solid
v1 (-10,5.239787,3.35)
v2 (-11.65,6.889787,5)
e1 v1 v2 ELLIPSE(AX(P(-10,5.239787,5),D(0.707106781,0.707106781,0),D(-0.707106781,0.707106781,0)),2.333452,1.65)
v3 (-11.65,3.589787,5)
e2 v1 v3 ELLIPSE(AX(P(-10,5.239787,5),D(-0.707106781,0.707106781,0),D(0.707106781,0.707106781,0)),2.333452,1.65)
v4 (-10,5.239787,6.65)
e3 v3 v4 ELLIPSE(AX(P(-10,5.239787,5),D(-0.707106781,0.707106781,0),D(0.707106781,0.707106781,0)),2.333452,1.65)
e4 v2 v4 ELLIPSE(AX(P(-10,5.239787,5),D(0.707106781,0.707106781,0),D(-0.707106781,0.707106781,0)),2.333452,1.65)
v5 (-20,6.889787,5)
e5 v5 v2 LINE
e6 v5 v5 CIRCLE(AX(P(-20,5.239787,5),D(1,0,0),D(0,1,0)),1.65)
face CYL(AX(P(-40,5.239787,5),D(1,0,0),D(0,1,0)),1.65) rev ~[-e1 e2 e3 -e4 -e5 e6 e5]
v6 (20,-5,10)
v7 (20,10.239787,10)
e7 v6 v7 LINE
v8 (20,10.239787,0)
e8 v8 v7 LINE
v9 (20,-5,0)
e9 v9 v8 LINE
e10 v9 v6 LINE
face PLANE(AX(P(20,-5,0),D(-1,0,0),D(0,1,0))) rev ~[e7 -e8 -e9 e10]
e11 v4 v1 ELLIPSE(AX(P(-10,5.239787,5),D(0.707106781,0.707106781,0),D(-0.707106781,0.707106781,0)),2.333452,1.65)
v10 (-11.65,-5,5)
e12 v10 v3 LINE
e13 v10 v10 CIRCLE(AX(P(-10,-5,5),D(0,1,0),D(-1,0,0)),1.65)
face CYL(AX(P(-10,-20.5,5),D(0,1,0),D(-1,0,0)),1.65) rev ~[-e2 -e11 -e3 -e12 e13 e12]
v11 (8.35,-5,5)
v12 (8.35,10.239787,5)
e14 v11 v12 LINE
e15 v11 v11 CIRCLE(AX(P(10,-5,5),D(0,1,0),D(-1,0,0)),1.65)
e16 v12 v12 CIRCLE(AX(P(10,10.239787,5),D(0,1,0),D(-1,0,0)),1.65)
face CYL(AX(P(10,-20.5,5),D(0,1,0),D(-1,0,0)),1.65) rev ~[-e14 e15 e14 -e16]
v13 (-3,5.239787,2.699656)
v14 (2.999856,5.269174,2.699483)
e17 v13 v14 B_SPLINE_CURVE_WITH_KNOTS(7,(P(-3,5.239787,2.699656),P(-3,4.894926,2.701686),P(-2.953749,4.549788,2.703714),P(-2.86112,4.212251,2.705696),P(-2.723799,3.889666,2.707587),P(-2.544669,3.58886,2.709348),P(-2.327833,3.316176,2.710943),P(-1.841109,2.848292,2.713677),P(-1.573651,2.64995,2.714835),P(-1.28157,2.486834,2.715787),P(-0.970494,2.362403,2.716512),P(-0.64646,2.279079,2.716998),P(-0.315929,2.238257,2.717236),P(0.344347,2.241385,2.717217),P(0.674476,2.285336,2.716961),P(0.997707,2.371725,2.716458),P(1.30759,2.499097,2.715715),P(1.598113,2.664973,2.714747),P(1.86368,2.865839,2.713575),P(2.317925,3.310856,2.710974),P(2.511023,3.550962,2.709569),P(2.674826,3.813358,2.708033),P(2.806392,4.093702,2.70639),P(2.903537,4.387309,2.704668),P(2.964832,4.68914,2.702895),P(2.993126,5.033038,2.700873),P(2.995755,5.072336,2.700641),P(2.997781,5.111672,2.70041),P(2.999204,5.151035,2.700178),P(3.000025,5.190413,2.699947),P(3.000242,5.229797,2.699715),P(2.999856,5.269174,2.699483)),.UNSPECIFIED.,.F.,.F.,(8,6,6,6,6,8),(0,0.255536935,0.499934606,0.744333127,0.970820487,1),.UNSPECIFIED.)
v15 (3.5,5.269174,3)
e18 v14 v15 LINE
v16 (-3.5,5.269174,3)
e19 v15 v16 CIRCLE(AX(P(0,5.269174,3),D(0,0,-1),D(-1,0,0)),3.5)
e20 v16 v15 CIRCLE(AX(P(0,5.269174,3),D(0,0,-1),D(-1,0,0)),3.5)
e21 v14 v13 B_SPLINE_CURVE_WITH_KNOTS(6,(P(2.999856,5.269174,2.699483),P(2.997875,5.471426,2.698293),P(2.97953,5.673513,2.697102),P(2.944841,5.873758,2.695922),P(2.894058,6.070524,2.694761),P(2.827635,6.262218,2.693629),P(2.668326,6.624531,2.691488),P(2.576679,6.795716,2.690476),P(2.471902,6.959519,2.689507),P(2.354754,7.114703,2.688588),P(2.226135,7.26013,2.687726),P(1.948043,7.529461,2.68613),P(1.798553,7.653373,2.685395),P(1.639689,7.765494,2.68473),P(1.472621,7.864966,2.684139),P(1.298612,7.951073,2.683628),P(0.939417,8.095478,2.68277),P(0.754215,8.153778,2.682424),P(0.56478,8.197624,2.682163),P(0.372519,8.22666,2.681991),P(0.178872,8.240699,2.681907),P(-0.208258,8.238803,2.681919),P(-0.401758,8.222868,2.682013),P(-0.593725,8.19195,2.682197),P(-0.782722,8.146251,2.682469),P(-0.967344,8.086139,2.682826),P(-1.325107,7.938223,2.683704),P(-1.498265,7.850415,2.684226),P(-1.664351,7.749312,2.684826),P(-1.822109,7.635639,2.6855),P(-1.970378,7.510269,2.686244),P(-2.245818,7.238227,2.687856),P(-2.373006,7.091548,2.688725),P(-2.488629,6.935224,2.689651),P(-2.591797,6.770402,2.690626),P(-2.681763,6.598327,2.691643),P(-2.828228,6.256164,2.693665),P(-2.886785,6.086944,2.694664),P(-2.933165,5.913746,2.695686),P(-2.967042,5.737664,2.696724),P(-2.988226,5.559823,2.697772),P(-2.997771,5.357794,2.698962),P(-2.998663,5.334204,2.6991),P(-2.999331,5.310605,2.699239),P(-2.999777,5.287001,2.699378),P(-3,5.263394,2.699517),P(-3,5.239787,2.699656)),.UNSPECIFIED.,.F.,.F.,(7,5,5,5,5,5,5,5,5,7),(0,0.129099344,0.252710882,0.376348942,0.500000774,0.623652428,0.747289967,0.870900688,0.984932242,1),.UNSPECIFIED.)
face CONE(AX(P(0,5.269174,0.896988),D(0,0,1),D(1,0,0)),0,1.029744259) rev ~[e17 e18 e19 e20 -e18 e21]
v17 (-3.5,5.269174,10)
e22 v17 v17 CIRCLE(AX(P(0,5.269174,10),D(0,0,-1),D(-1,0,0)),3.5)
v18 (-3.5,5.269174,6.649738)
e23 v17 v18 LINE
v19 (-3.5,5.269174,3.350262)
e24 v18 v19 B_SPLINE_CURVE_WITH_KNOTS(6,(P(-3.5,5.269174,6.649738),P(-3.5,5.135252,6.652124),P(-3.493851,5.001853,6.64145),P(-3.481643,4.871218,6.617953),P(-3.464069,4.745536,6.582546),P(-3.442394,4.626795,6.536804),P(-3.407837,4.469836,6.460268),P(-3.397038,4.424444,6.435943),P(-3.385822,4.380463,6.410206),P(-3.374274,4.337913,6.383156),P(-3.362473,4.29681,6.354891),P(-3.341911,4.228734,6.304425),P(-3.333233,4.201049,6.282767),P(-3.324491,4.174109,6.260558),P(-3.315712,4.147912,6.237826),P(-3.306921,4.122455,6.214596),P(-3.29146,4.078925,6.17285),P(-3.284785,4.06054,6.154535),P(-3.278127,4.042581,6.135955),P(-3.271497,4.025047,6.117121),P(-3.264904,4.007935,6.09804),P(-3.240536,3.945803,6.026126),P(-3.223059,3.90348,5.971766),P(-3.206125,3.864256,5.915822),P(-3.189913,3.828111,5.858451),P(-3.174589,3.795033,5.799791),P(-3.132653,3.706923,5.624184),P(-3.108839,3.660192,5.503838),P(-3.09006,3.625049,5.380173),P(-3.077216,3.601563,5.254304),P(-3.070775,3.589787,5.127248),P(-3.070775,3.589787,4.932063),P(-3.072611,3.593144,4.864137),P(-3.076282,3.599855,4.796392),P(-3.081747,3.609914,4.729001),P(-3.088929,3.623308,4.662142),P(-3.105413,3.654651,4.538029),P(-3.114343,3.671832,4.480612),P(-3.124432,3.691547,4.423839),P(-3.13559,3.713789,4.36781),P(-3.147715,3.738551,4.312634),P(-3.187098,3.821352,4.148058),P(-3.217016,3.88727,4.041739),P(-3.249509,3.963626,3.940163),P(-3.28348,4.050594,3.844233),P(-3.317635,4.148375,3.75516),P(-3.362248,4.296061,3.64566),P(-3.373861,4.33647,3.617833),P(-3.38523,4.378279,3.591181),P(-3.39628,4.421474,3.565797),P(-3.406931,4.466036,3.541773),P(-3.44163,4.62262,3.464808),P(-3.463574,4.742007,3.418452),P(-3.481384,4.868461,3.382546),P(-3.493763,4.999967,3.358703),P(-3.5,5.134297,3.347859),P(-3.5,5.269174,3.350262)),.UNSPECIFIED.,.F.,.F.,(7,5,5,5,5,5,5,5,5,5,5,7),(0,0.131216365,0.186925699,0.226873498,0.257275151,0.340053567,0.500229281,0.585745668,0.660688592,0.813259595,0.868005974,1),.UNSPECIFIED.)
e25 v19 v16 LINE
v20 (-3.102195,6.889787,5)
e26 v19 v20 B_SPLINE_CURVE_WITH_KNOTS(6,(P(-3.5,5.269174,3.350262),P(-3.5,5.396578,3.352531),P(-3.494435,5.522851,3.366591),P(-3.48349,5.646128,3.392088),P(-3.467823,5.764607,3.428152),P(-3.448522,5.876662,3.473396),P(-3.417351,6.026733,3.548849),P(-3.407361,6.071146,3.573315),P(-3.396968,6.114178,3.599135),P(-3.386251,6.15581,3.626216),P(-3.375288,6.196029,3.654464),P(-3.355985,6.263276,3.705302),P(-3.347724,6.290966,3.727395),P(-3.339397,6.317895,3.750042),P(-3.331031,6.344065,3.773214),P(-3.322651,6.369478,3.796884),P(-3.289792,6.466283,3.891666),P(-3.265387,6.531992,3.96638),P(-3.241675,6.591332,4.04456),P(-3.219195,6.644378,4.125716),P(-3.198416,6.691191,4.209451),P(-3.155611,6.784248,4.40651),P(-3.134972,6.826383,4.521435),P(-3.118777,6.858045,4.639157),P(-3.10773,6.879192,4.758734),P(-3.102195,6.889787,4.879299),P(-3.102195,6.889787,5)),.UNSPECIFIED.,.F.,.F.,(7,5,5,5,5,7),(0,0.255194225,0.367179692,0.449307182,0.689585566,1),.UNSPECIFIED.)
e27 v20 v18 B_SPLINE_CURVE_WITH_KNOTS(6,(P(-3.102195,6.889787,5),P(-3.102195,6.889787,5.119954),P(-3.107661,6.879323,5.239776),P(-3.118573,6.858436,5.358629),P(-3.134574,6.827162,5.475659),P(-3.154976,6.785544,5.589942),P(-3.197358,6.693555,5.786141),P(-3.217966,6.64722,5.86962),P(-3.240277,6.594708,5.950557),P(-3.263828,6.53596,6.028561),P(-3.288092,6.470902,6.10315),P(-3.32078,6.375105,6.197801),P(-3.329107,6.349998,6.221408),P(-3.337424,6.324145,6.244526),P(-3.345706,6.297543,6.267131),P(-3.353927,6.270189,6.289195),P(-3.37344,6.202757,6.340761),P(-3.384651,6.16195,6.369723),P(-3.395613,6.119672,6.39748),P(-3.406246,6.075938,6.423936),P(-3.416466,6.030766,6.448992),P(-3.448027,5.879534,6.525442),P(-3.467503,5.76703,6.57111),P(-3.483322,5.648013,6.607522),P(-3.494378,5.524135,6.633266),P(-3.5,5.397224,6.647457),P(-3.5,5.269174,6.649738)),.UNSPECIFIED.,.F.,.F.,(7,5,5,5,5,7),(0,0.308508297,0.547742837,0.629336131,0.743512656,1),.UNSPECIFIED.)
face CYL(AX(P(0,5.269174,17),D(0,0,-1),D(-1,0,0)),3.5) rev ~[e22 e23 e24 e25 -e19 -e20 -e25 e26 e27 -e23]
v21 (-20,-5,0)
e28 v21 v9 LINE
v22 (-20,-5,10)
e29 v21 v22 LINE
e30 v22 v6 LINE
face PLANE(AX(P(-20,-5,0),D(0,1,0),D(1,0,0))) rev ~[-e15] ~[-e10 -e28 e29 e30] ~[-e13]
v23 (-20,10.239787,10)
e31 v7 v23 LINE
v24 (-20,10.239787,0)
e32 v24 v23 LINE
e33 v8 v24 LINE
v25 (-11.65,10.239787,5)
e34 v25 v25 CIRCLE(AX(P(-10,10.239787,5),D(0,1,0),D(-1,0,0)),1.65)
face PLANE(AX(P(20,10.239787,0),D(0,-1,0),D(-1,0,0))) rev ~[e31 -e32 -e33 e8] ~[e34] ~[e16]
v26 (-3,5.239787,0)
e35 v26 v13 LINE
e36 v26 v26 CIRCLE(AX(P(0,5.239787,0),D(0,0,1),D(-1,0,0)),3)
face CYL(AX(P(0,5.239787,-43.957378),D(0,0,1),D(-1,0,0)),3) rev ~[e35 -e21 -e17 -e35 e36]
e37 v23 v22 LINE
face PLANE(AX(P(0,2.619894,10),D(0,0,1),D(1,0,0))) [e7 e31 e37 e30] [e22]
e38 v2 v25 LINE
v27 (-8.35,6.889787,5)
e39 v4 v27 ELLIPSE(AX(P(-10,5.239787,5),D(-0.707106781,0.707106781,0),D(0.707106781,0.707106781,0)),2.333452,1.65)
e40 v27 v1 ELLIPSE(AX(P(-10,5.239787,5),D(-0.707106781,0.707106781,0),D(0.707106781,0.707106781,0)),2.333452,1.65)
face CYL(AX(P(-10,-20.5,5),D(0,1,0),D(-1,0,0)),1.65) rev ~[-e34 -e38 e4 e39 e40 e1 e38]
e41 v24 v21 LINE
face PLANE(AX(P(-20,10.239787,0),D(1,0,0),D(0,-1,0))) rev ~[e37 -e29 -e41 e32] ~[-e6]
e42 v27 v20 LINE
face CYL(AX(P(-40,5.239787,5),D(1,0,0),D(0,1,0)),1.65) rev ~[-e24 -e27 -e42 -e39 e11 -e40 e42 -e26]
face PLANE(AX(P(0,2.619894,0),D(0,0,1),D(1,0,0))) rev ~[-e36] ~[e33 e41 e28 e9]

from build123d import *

# Parameters (mm, degrees)
F1_DEPTH = 10
F2_D     = 6
F4_D     = 3.3
F4_DEPTH = 15.5
F4_TIP   = 0.9914200214
F6_D     = 3.3
F6_DEPTH = 20
F6_TIP   = 0.9914200214
F9_D     = 7
F9_DEPTH = 7
F9_TIP   = 2.1030121666


with BuildPart() as f1:
    # F0 (on Top) → F1 (new body)
    with BuildSketch(Plane.XY):
        Polygon((-20, 10.239787288), (-20, -5), (20, -5), (20, 10.239787288), (12, 10.239787288), (10.6523660943, 10.239787288), (-9.4155045226, 10.239787288), (-12, 10.239787288), align=None)
    extrude(amount=F1_DEPTH)

    # F2 (through all)
    with Locations(Plane(origin=(0, 0, 0), x_dir=(1, 0, 0), z_dir=(0, 0, -1))):
        with Locations((0, -5.239787288)):
            Hole(F2_D / 2)

    # F4
    with Locations(Plane.XZ.offset(5)):
        with Locations((-10, 5), (10, 5)):
            Hole(F4_D / 2, depth=F4_DEPTH)
            with Locations((0, 0, -(F4_DEPTH + F4_TIP / 2))):  # 118° drill point
                Cone(0, F4_D / 2, F4_TIP, mode=Mode.SUBTRACT)

    # F6
    with Locations(Plane(origin=(-20, 0, 0), x_dir=(0, -1, 0), z_dir=(-1, 0, 0))):
        with Locations((-5.239787288, 5)):
            Hole(F6_D / 2, depth=F6_DEPTH)
            with Locations((0, 0, -(F6_DEPTH + F6_TIP / 2))):  # 118° drill point
                Cone(0, F6_D / 2, F6_TIP, mode=Mode.SUBTRACT)

    # F9
    with Locations(Plane.XY.offset(10)):
        with Locations((0, 5.2691735327)):
            Hole(F9_D / 2, depth=F9_DEPTH)
            with Locations((0, 0, -(F9_DEPTH + F9_TIP / 2))):  # 118° drill point
                Cone(0, F9_D / 2, F9_TIP, mode=Mode.SUBTRACT)


solid = f1.part
